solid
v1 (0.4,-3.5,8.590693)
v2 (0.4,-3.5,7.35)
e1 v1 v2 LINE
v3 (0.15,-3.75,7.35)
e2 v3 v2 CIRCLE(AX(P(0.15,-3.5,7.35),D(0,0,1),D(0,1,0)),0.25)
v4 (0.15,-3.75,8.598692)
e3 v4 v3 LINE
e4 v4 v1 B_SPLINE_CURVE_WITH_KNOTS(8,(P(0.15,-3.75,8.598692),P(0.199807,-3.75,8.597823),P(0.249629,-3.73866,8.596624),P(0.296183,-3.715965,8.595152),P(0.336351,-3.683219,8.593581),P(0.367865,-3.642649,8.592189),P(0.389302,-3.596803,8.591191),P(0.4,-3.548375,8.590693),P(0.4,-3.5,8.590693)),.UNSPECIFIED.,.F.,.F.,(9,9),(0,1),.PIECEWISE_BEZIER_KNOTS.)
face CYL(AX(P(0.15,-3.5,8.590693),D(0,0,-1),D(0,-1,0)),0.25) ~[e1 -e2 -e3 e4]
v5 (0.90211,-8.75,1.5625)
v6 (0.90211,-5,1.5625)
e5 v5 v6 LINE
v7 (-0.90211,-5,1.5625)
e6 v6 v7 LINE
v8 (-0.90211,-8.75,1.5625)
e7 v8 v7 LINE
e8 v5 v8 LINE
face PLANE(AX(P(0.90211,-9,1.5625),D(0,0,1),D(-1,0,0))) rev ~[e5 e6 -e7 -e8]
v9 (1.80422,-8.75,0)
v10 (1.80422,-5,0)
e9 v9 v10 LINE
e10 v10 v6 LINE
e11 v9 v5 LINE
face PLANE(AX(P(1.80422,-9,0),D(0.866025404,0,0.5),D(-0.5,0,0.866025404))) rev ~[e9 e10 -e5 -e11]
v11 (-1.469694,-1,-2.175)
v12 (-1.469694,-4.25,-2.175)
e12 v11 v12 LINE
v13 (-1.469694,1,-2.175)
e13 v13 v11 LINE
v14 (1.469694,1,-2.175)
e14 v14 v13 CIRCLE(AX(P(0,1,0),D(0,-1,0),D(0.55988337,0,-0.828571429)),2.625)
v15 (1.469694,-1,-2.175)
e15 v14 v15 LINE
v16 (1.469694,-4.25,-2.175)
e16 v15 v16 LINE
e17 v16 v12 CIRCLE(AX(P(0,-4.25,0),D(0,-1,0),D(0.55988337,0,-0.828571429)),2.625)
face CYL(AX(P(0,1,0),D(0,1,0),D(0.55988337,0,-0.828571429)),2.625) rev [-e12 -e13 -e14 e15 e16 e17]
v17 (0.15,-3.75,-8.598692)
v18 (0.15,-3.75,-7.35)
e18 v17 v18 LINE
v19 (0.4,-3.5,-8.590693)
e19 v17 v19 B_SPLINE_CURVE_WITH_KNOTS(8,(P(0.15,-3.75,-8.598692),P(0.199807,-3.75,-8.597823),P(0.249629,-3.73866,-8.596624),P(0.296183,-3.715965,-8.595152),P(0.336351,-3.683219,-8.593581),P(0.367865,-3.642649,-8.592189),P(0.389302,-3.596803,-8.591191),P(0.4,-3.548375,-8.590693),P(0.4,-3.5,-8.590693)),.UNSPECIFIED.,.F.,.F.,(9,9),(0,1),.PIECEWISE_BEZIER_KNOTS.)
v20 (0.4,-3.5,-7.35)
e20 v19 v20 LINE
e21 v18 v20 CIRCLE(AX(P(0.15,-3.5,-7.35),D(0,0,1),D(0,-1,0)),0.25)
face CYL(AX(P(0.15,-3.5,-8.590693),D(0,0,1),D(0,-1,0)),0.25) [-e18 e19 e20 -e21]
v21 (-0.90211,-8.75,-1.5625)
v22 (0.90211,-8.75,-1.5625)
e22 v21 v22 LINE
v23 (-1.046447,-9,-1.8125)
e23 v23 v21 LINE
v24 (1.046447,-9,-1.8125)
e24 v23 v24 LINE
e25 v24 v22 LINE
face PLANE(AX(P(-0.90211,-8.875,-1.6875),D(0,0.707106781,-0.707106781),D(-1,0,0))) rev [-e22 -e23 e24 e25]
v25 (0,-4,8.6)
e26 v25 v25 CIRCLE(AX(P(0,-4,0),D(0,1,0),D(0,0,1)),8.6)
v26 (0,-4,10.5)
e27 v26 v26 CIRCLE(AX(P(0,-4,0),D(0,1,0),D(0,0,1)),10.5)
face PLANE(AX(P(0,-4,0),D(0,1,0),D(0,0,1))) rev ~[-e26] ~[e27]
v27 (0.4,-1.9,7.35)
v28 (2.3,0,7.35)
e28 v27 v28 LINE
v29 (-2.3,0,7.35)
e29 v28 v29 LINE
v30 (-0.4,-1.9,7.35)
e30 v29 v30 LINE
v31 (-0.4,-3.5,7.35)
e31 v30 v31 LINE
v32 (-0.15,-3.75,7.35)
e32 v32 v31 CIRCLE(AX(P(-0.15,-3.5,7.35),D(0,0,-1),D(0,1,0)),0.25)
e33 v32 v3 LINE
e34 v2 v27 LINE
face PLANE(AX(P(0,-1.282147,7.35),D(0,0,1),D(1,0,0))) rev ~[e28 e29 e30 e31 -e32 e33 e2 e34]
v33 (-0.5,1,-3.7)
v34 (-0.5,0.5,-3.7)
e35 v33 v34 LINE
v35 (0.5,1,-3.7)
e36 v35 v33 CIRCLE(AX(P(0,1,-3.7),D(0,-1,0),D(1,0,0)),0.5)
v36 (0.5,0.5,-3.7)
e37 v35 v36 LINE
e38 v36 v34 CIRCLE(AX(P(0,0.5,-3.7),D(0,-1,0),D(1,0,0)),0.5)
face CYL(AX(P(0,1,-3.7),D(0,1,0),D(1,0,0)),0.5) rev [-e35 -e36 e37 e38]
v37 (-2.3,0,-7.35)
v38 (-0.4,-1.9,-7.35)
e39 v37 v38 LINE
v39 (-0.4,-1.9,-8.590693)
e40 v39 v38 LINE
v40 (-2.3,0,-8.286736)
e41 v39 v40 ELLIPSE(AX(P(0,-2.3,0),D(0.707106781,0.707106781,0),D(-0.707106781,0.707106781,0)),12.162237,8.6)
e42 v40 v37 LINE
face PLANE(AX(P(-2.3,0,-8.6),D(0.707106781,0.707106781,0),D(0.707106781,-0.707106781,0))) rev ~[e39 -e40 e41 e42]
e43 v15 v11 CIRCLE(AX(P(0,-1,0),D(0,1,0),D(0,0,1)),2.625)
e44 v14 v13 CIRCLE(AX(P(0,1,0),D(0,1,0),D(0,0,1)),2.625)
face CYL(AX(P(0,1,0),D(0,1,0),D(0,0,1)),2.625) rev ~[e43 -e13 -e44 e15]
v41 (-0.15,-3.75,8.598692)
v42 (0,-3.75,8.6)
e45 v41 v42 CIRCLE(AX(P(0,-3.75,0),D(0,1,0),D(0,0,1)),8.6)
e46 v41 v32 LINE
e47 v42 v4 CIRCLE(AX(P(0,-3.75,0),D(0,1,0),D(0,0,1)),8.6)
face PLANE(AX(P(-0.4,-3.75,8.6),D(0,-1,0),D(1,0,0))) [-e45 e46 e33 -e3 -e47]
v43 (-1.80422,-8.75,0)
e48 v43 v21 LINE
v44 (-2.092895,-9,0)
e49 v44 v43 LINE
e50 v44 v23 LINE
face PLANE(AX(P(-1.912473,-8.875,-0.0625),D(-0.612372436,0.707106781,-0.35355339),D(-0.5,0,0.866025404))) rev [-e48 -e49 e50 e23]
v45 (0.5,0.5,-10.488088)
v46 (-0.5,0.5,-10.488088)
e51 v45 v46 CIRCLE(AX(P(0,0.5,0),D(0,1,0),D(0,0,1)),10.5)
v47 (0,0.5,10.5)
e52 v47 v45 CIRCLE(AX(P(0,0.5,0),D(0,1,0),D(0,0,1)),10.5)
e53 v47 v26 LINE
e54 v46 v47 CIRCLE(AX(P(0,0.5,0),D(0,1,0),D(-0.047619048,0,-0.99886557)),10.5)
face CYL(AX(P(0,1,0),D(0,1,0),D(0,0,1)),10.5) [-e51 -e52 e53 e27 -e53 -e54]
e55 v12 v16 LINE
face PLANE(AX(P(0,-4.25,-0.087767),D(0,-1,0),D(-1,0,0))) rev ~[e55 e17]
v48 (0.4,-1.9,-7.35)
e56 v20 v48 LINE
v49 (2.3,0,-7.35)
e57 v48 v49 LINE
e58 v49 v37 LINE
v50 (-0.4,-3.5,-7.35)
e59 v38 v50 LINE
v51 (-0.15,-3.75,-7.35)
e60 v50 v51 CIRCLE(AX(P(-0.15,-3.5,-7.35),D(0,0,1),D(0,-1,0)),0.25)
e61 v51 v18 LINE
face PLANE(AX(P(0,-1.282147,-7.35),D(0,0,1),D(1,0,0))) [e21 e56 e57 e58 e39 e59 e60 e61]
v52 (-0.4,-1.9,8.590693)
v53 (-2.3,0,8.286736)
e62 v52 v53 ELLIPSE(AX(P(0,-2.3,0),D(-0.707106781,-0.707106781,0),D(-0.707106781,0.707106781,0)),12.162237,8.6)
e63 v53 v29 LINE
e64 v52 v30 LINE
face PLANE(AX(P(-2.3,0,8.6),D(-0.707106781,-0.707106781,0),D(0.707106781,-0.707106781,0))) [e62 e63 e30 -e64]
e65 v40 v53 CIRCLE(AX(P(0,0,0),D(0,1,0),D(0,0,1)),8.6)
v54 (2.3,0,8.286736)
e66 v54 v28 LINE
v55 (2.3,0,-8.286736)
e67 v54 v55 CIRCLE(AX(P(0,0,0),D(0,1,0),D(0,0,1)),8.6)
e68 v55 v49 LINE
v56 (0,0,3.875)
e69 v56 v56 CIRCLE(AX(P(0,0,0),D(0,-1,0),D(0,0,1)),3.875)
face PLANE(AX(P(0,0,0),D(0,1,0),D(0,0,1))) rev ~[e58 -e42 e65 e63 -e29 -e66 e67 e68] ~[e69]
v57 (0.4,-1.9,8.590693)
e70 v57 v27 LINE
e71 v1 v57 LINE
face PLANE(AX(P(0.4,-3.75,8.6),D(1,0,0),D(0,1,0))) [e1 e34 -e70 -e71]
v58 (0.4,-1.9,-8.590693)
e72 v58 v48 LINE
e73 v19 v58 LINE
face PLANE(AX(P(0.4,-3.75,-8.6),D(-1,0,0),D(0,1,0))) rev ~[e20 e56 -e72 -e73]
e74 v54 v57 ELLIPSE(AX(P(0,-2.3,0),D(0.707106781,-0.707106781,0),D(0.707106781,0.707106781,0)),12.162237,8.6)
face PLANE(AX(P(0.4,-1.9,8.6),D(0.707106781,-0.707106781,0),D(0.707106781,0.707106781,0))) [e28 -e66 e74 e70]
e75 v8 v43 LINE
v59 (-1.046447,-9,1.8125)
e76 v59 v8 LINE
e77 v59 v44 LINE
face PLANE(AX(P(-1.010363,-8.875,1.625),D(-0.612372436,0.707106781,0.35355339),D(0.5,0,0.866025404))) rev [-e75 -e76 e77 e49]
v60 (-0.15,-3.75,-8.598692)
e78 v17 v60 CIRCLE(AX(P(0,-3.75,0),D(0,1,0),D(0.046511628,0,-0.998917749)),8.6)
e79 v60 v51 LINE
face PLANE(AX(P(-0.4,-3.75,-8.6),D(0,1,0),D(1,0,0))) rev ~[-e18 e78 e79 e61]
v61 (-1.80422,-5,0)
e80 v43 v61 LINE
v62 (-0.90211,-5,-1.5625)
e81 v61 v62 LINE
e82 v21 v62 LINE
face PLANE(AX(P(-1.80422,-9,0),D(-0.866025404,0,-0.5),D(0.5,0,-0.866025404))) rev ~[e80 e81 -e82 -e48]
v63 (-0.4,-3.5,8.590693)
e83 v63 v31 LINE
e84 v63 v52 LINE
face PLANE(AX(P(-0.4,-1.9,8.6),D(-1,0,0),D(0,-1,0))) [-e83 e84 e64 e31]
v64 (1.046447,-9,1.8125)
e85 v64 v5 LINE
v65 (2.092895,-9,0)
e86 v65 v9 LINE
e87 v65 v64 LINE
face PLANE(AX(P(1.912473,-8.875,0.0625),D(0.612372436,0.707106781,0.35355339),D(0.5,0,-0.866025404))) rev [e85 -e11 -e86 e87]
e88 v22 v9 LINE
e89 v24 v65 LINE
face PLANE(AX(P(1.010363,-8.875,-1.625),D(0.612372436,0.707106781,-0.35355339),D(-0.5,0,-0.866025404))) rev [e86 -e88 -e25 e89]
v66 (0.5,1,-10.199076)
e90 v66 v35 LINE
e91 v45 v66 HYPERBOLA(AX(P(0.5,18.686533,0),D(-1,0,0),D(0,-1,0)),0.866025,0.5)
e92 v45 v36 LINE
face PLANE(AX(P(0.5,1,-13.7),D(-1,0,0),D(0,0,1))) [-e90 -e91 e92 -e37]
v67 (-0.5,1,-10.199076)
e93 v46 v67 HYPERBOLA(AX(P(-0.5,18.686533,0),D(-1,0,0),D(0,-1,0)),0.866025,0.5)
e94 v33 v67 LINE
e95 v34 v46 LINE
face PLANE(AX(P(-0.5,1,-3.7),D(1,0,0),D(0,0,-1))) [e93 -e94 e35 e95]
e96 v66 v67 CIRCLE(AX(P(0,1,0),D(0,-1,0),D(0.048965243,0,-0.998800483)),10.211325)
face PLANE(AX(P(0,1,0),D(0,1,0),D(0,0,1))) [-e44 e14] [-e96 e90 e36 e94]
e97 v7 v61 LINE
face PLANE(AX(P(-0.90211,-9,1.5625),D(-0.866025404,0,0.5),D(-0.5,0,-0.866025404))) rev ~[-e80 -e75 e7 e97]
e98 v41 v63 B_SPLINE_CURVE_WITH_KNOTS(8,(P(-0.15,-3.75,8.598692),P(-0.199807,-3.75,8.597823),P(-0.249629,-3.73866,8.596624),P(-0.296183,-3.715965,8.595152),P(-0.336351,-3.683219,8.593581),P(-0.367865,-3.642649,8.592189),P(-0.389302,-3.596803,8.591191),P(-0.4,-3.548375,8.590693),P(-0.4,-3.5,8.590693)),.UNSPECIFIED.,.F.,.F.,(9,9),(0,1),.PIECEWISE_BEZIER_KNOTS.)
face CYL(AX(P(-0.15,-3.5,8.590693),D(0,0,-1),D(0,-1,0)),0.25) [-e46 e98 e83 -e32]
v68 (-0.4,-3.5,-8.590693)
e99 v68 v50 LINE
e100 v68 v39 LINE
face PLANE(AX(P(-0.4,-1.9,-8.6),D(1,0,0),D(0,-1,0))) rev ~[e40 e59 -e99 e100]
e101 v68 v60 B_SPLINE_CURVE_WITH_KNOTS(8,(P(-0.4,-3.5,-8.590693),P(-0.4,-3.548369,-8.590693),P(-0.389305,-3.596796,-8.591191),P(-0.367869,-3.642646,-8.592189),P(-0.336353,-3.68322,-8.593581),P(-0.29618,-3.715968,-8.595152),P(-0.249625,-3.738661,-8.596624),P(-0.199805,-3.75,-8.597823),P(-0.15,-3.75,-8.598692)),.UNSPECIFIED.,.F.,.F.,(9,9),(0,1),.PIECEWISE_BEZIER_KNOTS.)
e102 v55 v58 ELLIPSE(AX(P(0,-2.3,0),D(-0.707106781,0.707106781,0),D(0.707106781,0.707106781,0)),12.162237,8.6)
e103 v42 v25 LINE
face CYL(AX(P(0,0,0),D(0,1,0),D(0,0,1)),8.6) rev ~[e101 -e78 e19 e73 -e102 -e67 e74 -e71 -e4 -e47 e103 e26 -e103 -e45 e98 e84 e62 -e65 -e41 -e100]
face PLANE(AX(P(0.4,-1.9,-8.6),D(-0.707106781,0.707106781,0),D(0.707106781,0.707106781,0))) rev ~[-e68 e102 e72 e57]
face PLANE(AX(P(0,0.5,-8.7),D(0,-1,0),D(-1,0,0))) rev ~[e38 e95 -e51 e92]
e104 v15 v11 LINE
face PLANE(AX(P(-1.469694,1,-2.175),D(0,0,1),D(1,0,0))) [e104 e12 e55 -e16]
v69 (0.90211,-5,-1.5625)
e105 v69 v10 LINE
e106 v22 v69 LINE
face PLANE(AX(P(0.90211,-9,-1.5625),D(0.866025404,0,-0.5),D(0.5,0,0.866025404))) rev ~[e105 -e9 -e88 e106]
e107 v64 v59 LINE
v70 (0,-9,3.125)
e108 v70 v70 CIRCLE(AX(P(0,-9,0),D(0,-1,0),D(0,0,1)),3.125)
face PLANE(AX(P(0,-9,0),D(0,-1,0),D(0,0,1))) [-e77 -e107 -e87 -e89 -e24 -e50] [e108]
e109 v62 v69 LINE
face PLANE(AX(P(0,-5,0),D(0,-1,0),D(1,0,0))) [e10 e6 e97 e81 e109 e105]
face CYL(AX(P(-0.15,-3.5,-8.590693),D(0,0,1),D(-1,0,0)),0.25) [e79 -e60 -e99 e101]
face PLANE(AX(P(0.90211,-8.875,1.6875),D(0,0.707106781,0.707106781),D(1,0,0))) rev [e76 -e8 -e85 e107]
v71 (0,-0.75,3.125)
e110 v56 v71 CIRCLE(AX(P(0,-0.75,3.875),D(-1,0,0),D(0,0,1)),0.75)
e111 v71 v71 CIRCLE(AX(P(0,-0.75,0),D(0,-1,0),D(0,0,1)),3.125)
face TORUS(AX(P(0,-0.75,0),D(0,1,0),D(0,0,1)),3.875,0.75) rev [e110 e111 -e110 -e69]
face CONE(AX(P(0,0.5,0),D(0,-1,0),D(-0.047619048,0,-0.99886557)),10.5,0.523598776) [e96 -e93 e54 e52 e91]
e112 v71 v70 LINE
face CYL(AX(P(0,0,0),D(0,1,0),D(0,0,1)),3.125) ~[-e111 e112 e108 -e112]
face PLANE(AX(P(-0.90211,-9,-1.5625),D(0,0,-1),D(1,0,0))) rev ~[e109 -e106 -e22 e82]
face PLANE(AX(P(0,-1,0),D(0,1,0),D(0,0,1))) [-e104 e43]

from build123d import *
from build123d.topology import SkipClean

# Parameters (mm, degrees)
SKETCH1_R           = 10.5
SKETCH1_R_2         = 8.6
BOSS_EXTRUDE1_DEPTH = 4
BOSS_EXTRUDE2_DEPTH = 1.25
BOSS_EXTRUDE3_START = 17.2
BOSS_EXTRUDE3_DEPTH = 1.25
BOSS_EXTRUDE4_START = 1
SKETCH3_R           = 10.5
BOSS_EXTRUDE4_DEPTH = 1
SKETCH5_R           = 3.125
BOSS_EXTRUDE5_DEPTH = 9
FILLET2_R           = 0.75
CUT_EXTRUDE1_DEPTH  = 5.25
FILLET1_R           = 0.25
SKETCH7_R           = 2.625
CUT_EXTRUDE2_DEPTH  = 2
CUT_EXTRUDE3_DEPTH  = 0.5
CUT_EXTRUDE4_DEPTH  = 4
CHAMFER2_SIZE       = 0.25
CHAMFER3_SIZE       = 0.5
CHAMFER3_SIZE2      = 0.288675135


with BuildPart() as part:
    # Sketch1 → Boss-Extrude1 (new body)
    with BuildSketch(Plane(origin=(0, 0, 0), x_dir=(1, 0, 0), z_dir=(0, 1, 0))):
        with Locations(Location((0, 0, 0), (0, 0, 270))):
            Circle(SKETCH1_R)
        with Locations(Location((0, 0, 0), (0, 0, 270))):
            Circle(SKETCH1_R_2, mode=Mode.SUBTRACT)
    extrude(amount=-BOSS_EXTRUDE1_DEPTH)

    # Sketch2 → Boss-Extrude2 (add)
    with BuildSketch(Plane(origin=(0, 0, 8.6), x_dir=(-1, 0, 0), z_dir=(0, 0, -1))):
        Polygon((0.4, -3.75), (-0.4, -3.75), (-0.4, -1.9), (-2.3, 0), (2.3, 0), (0.4, -1.9), align=None)
    extrude(amount=BOSS_EXTRUDE2_DEPTH)

    # Sketch2<2> → Boss-Extrude3 (add)
    with BuildSketch(Plane(origin=(0, 0, 8.6), x_dir=(-1, 0, 0), z_dir=(0, 0, -1)).offset(BOSS_EXTRUDE3_START)):
        Polygon((0.4, -3.75), (-0.4, -3.75), (-0.4, -1.9), (-2.3, 0), (2.3, 0), (0.4, -1.9), align=None)
    extrude(amount=-BOSS_EXTRUDE3_DEPTH)

    # Sketch3 → Boss-Extrude4 (add)
    with BuildSketch(Plane(origin=(0, 0, 0), x_dir=(1, 0, 0), z_dir=(0, 1, 0)).offset(BOSS_EXTRUDE4_START)):
        with Locations(Location((0, 0, 0), (0, 0, 270))):
            Circle(SKETCH3_R)
    extrude(amount=-BOSS_EXTRUDE4_DEPTH)

    # Sketch5 → Boss-Extrude5 (add)
    with BuildSketch(Plane.XZ):
        with Locations(Location((0, 0, 0), (0, 0, 90))):
            Circle(SKETCH5_R)
    extrude(amount=BOSS_EXTRUDE5_DEPTH)

    # Fillet2
    fillet2_edges = [part.edges().sort_by_distance(p)[0] for p in [
        (0, 0, -3.125),
    ]]
    fillet(fillet2_edges, radius=FILLET2_R)

    # Sketch4 → Cut-Extrude1 (cut)
    with BuildSketch(Plane(origin=(0, 1, 0), x_dir=(1, 0, 0), z_dir=(0, 1, 0))):
        with BuildLine():
            Line((-1.469693846, 2.175), (1.469693846, 2.175))
            ThreePointArc((1.469693846, 2.175), (0, -2.625), (-1.469693846, 2.175))
        make_face()
    extrude(amount=-CUT_EXTRUDE1_DEPTH, mode=Mode.SUBTRACT)

    # Fillet1
    fillet1_edges = [part.edges().sort_by_distance(p)[0] for p in [
        (-0.4, -3.75, 7.970346319),
        (0.4, -3.75, 7.970346319),
        (-0.4, -3.75, -7.970346319),
        (0.4, -3.75, -7.970346319),
    ]]
    fillet(fillet1_edges, radius=FILLET1_R)

    # Sketch7 → Cut-Extrude2 (cut)
    with SkipClean():  # the faces are left unmerged after this step: merging them gives an invalid solid
        with BuildSketch(Plane(origin=(0, 1, 0), x_dir=(1, 0, 0), z_dir=(0, 1, 0))):
            with Locations(Location((0, 0, 0), (0, 0, 270))):
                Circle(SKETCH7_R)
        extrude(amount=-CUT_EXTRUDE2_DEPTH, mode=Mode.SUBTRACT)

    # Sketch9 → Cut-Extrude3 (cut)
    with SkipClean():  # the faces are left unmerged after this step: merging them gives an invalid solid
        with BuildSketch(Plane(origin=(0, 1, 0), x_dir=(1, 0, 0), z_dir=(0, 1, 0))):
            with BuildLine():
                Line((-0.5, 3.7), (-0.5, 13.7))
                ThreePointArc((-0.5, 13.7), (0, 14.2), (0.5, 13.7))
                Line((0.5, 13.7), (0.5, 3.7))
                ThreePointArc((0.5, 3.7), (0, 3.2), (-0.5, 3.7))
            make_face()
        extrude(amount=-CUT_EXTRUDE3_DEPTH, mode=Mode.SUBTRACT)

    # Sketch10 → Cut-Extrude4 (cut)
    with SkipClean():  # the faces are left unmerged after this step: merging them gives an invalid solid
        with BuildSketch(Plane.XZ.offset(9)):
            Polygon((1.804219591, 0), (0.902109796, 1.5625), (-0.902109796, 1.5625), (-1.804219591, 0), (-0.902109796, -1.5625), (0.902109796, -1.5625), align=None)
        extrude(amount=-CUT_EXTRUDE4_DEPTH, mode=Mode.SUBTRACT)

    # Chamfer2
    chamfer2_edges = [part.edges().sort_by_distance(p)[0] for p in [
        (1.353164693, -9, -0.78125),
        (1.353164693, -9, 0.78125),
        (0, -9, 1.5625),
        (-1.353164693, -9, 0.78125),
        (-1.353164693, -9, -0.78125),
        (0, -9, -1.5625),
    ]]
    chamfer(chamfer2_edges, length=CHAMFER2_SIZE)

    # Chamfer3
    chamfer3_edges = [part.edges().sort_by_distance(p)[0] for p in [
        (-10.497021698, 1, 0.250070932),
    ]]
    chamfer3_side = [part.faces().sort_by_distance(p)[0] for p in [
        (0, -1.5, -10.5),
    ]]
    chamfer(chamfer3_edges, length=CHAMFER3_SIZE, length2=CHAMFER3_SIZE2, reference=chamfer3_side[0])


solid = part.part
